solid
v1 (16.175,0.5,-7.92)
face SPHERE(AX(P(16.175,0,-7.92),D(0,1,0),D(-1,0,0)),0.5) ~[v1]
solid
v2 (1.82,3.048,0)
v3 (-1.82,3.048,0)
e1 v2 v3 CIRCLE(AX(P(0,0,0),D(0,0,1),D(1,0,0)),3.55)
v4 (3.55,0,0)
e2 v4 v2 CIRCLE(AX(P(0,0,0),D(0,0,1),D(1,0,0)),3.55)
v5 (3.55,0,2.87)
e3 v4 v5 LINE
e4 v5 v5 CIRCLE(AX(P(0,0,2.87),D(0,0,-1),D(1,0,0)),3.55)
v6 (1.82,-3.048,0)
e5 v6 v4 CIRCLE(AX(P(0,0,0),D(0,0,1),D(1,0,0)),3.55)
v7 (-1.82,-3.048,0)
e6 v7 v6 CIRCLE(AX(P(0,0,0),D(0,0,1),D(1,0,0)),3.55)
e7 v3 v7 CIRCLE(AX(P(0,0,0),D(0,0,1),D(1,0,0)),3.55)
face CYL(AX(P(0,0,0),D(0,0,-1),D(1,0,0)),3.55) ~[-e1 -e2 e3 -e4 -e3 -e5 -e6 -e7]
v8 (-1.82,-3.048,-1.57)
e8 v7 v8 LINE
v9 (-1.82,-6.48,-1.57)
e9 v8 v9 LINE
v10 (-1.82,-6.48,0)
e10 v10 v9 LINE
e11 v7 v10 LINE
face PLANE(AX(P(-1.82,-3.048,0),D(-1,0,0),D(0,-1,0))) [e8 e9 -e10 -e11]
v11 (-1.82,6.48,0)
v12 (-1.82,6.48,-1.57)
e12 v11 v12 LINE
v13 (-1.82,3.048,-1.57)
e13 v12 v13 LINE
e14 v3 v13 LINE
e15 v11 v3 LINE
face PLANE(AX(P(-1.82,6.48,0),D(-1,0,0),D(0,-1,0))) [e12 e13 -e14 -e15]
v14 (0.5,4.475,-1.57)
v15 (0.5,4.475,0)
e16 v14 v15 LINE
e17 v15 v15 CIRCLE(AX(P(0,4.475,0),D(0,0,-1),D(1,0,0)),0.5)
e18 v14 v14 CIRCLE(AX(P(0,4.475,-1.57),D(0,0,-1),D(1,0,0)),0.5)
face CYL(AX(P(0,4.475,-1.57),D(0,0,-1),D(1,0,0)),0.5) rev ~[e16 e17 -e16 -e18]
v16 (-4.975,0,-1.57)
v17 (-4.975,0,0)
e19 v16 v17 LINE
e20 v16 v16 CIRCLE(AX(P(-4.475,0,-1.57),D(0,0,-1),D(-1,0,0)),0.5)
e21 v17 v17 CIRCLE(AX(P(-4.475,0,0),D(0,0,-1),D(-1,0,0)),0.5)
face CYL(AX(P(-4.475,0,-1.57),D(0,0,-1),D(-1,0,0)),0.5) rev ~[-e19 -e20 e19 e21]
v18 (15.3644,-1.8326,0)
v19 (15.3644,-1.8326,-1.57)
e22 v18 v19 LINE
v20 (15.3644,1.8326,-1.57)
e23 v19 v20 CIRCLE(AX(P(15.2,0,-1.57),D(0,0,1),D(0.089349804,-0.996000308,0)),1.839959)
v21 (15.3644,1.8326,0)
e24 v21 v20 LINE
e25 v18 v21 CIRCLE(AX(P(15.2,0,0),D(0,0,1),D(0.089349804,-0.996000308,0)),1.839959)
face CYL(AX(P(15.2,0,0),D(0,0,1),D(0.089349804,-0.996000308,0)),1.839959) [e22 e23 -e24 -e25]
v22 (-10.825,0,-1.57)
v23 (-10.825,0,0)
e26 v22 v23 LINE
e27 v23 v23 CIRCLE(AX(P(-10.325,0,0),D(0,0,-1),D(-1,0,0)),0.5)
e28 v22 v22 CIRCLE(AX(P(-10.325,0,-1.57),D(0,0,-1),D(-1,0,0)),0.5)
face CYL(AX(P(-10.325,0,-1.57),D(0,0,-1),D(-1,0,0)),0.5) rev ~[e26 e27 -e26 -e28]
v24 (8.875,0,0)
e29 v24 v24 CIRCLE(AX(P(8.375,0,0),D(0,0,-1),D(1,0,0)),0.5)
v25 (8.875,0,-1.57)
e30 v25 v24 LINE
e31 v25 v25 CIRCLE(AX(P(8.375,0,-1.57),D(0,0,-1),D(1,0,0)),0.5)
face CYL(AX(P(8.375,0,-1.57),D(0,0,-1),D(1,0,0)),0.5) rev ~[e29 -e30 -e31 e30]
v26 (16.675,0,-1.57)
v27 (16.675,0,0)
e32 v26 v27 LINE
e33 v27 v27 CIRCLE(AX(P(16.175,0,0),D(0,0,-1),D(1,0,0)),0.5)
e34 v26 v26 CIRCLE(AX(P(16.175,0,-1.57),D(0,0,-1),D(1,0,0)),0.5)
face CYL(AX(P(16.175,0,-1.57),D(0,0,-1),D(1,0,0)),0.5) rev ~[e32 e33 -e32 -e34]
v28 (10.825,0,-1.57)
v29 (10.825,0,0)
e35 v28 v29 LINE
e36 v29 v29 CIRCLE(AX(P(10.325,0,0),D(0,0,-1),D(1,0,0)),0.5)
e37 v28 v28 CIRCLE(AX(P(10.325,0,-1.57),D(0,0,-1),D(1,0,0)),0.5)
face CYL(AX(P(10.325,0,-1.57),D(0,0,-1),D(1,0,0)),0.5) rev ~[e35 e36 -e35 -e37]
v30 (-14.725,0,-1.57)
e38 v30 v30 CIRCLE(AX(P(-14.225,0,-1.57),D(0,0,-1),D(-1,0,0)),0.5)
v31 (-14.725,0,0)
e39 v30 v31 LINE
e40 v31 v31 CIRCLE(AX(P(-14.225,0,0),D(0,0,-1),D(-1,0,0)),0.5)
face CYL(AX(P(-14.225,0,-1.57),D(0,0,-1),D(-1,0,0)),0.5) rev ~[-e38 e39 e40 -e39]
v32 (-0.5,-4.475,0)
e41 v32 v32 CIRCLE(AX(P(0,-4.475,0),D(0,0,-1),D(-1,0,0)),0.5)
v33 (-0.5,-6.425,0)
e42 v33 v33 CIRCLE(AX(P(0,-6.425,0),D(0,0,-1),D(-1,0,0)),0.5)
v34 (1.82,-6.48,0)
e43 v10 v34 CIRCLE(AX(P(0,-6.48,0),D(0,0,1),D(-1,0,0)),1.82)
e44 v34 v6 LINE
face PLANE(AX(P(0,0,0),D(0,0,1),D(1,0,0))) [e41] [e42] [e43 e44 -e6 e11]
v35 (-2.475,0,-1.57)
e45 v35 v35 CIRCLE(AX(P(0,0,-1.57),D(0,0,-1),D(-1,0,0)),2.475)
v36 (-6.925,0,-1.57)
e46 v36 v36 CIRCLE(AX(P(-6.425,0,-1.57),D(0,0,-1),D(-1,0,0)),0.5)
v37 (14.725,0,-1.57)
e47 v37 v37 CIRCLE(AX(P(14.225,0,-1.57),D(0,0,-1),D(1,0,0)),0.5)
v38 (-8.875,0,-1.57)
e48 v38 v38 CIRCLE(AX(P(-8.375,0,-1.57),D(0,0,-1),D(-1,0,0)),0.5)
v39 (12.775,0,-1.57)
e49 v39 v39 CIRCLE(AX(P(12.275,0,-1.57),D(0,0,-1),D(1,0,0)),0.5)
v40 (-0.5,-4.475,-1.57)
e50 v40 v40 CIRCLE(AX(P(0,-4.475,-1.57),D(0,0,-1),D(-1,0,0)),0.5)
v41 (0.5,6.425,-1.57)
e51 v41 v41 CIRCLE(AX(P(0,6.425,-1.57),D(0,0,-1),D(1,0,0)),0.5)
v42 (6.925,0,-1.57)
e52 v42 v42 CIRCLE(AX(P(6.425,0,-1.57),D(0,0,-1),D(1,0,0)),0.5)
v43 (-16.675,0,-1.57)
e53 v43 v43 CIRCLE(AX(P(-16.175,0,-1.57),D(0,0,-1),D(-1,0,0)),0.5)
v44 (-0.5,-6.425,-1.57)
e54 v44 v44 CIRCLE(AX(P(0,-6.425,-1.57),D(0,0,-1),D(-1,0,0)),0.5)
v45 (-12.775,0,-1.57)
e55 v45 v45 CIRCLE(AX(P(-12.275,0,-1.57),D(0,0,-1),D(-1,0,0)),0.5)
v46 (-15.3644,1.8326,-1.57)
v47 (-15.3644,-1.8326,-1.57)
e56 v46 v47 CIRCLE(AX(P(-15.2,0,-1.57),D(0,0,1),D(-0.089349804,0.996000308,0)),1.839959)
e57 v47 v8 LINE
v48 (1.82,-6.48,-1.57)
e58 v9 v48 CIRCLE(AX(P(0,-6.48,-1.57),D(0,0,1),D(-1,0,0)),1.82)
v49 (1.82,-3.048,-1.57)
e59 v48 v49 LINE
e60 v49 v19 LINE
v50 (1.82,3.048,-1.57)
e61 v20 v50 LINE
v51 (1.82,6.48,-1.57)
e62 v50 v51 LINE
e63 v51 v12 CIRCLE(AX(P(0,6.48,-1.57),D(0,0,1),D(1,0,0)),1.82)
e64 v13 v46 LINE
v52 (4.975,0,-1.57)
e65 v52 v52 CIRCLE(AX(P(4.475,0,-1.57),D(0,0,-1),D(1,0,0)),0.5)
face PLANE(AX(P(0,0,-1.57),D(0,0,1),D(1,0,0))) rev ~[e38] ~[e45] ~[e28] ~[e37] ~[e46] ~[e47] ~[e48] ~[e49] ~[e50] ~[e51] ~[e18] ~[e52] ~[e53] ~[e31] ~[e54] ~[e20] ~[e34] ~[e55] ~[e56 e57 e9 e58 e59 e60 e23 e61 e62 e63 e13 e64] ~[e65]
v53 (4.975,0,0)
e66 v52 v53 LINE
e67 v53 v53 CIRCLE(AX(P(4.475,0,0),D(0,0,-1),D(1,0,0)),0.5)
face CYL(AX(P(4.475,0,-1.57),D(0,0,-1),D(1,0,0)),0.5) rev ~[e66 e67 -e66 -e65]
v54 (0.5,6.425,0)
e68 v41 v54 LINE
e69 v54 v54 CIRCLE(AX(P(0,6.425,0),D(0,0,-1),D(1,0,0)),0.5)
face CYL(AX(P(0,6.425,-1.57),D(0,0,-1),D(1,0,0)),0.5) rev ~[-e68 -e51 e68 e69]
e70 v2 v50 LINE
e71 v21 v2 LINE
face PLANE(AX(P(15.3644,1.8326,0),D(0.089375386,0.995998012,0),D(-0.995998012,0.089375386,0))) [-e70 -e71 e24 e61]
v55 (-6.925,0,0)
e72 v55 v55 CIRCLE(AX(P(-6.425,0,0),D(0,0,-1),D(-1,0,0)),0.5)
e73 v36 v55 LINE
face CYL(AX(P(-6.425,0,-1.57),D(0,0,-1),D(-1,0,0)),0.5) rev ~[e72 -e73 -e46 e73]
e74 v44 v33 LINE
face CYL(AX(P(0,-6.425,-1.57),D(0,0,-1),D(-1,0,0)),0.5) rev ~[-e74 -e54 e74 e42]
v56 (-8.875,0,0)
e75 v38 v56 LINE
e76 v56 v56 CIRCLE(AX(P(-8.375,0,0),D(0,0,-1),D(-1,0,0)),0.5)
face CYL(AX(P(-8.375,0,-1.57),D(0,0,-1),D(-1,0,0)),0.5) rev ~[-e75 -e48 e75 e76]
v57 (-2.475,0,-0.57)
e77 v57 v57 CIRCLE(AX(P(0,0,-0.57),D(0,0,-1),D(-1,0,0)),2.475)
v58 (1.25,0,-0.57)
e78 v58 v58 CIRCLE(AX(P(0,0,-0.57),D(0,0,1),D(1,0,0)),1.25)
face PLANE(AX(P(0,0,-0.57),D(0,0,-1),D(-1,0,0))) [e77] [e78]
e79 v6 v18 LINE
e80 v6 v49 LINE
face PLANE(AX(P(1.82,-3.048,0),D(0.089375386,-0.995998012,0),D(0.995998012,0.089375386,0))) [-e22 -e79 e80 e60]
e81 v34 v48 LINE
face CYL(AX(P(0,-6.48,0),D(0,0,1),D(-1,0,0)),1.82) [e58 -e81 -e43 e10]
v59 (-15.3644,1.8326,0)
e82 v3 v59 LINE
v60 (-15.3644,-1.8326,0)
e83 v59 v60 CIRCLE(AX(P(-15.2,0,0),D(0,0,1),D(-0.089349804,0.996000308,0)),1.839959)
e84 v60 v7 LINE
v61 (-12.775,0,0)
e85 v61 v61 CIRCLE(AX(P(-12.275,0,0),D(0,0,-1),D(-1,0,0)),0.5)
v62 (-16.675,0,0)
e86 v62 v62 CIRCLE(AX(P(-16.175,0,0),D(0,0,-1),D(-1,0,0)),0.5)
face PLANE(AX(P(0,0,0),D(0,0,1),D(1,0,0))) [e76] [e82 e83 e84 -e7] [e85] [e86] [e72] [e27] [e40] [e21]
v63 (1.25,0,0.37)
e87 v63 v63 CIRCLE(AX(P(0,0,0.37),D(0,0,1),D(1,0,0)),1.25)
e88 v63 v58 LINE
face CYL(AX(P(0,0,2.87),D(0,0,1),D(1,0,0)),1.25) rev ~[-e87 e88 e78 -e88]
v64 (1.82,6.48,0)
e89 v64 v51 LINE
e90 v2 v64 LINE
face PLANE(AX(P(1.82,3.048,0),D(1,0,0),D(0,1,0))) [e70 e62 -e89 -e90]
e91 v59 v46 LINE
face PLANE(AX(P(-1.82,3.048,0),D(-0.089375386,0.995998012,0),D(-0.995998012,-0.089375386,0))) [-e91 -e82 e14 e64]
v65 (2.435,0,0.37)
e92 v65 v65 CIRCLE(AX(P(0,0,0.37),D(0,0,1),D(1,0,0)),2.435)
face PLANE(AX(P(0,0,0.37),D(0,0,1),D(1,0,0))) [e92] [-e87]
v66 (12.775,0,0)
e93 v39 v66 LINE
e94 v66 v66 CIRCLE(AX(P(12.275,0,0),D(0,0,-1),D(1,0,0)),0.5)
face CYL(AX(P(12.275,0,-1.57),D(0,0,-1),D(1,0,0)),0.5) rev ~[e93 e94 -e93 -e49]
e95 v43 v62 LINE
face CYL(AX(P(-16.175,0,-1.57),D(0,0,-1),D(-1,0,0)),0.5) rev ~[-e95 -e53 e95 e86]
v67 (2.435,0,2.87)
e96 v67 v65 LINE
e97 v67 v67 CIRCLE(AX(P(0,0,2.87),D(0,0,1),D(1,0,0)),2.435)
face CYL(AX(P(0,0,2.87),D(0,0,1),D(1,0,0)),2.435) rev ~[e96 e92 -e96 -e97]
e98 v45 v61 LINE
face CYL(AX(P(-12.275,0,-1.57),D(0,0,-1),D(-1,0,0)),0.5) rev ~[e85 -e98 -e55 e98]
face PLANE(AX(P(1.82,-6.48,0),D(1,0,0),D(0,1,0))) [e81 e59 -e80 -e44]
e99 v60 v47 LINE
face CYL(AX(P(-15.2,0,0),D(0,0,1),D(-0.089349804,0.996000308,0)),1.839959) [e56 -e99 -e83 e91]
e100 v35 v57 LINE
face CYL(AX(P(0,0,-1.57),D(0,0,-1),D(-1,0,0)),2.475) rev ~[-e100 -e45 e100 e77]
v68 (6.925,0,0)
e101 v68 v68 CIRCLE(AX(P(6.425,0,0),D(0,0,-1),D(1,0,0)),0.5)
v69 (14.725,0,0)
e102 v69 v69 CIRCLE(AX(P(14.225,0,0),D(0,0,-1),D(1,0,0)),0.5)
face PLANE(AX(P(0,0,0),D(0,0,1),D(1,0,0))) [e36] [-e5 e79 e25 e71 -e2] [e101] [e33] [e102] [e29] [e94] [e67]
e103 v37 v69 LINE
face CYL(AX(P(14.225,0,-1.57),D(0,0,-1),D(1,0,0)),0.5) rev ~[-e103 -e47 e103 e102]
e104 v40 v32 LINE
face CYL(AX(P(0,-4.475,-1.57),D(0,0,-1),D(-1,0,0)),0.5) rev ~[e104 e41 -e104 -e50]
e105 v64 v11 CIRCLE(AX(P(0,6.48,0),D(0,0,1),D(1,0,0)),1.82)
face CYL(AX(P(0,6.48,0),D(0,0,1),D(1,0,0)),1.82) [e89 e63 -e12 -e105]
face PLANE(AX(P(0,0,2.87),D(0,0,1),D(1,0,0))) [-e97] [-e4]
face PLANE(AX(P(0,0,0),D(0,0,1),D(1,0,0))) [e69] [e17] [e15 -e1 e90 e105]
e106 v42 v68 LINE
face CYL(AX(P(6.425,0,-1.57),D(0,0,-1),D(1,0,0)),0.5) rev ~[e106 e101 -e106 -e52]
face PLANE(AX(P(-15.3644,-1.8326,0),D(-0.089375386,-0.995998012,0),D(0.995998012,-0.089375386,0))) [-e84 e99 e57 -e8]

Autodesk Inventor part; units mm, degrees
ref_plane "YZ Plane" through (0, 0, 0) normal (1, 0, 0) x (0, 1, 0)
ref_plane "XZ Plane" through (0, 0, 0) normal (0, 1, 0) x (-1, 0, 0)
sketch "Sketch1" plane through (0, 0, 0) normal (0, 0, 1) x (1, 0, 0)
  circle A0 centre (0, 0) radius 3.55
  line L0 (-1.82, -3.048) -> (-1.82, -6.48)
  arc A1 (-1.82, -6.48) -> (1.82, -6.48) centre (0, -6.48) ccw
  line L1 (1.82, -6.48) -> (1.82, -3.048)
  line L2 (0, -6.48) -> (0, -8.3) construction
  line L3 (0, -6.48) -> (0, -3.55) construction
  line L4 (1.82, -3.048) -> (15.3644, -1.8326)
  arc A2 (15.3644, -1.8326) -> (15.3644, 1.8326) centre (15.2, 0) ccw
  line L5 (15.3644, 1.8326) -> (1.82, 3.048)
  line L6 (1.82, 3.048) -> (1.82, 6.48)
  arc A3 (1.82, 6.48) -> (-1.82, 6.48) centre (0, 6.48) ccw
  line L7 (-1.82, 6.48) -> (-1.82, 3.048)
  line L8 (-1.82, 3.048) -> (-15.3644, 1.8326)
  arc A4 (-15.3644, 1.8326) -> (-15.3644, -1.8326) centre (-15.2, 0) ccw
  line L9 (-15.3644, -1.8326) -> (-1.82, -3.048)
  line L10 (-17.04, 0) -> (17.04, 0) construction
  dimension "d0" = 7.1
  dimension "d1" = 3.64
  dimension "d2" = 8.3
  dimension "d3" = 34.08
  dimension "d4" = 1.84
extrude "Extrusion1" add sketch "Sketch1" against normal blind 1.57
extrude "Extrusion2" add sketch "Sketch1" along normal blind 2.87 contours A0
sketch "Sketch2" plane through (0, 0, 2.87) normal (0, 0, 1) x (1, 0, 0)
  circle A0 centre (0, 0) radius 2.435
  circle A1 centre (0, 0) radius 1.25
  dimension "d9" = 4.87
  dimension "d10" = 2.5
extrude "Extrusion3" cut sketch "Sketch2" against normal blind 2.5 contours A0 | A1
extrude "Extrusion4" cut sketch "Sketch2" against normal through all contours A1
sketch "Sketch3" plane through (0, 0, -1.57) normal (0, 0, -1) x (-1, 0, 0)
  circle A0 centre (0, 0) radius 2.475
  dimension "d15" = 4.95
extrude "Extrusion5" cut sketch "Sketch3" against normal blind 1
sketch "Sketch4" plane through (0, 0, -1.57) normal (0, 0, -1) x (-1, 0, 0)
  circle A0 centre (0, 0) radius 2.475 construction
  line L0 (1.82, -6.48) -> (1.82, -3.048) construction
  line L1 (1.82, -3.048) -> (15.3644, -1.8326) construction
  arc A1 (15.3644, -1.8326) -> (15.3644, 1.8326) centre (15.2, 0) ccw construction
  line L2 (15.3644, 1.8326) -> (1.82, 3.048) construction
  line L3 (1.82, 3.048) -> (1.82, 6.48) construction
  arc A2 (1.82, 6.48) -> (-1.82, 6.48) centre (0, 6.48) ccw construction
  line L4 (-1.82, 6.48) -> (-1.82, 3.048) construction
  line L5 (-1.82, 3.048) -> (-15.3644, 1.8326) construction
  arc A3 (-15.3644, 1.8326) -> (-15.3644, -1.8326) centre (-15.2, 0) ccw construction
  line L6 (-15.3644, -1.8326) -> (-1.82, -3.048) construction
  line L7 (-1.82, -3.048) -> (-1.82, -6.48) construction
  arc A4 (-1.82, -6.48) -> (1.82, -6.48) centre (0, -6.48) ccw construction
  circle A5 centre (4.475, 0) radius 0.5
  circle A6 centre (0, -4.475) radius 0.5
  dimension "d18" = 1
  dimension "d19" = 4.475
  dimension "d20" = 4.475
extrude "Extrusion6" cut sketch "Sketch4" against normal through all contours A5
pattern_linear "Rectangular Pattern1" count 7 spacing 1.95 along (-1, 0, 0) of "Extrusion6"
pattern_circular "Circular Pattern1" count 2 over 360 about axis through (0, 0, -10) along (0, 0, 1) of "Extrusion6", "Rectangular Pattern1"
extrude "Extrusion7" cut sketch "Sketch4" against normal through all contours A6
pattern_linear "Rectangular Pattern2" count 2 spacing 1.95 along (0, -1, 0) of "Extrusion7"
pattern_circular "Circular Pattern2" count 2 over 360 about axis through (0, 0, -10) along (0, 0, 1) of "Extrusion7", "Rectangular Pattern2"
ref_plane "Work Plane1" through (0, 0, -7.92) normal (0, 0, -1) x (-1, 0, 0)
sketch "Sketch5" plane through (0, 0, -7.92) normal (0, 0, -1) x (-1, 0, 0)
  circle A0 centre (-16.175, 0) radius 0.5 construction
  arc A1 (-16.175, -0.5) -> (-16.175, 0.5) centre (-16.175, 0) ccw
  line L0 (-16.175, 0.5) -> (-16.175, -0.5)
revolve "Revolution1" add sketch "Sketch5" angle 360 about axis through (16.175, 0.5, -7.92) along (0, -1, 0) separate body
equation "\"d20\" = d19"
properties part number "servo micro arm"
